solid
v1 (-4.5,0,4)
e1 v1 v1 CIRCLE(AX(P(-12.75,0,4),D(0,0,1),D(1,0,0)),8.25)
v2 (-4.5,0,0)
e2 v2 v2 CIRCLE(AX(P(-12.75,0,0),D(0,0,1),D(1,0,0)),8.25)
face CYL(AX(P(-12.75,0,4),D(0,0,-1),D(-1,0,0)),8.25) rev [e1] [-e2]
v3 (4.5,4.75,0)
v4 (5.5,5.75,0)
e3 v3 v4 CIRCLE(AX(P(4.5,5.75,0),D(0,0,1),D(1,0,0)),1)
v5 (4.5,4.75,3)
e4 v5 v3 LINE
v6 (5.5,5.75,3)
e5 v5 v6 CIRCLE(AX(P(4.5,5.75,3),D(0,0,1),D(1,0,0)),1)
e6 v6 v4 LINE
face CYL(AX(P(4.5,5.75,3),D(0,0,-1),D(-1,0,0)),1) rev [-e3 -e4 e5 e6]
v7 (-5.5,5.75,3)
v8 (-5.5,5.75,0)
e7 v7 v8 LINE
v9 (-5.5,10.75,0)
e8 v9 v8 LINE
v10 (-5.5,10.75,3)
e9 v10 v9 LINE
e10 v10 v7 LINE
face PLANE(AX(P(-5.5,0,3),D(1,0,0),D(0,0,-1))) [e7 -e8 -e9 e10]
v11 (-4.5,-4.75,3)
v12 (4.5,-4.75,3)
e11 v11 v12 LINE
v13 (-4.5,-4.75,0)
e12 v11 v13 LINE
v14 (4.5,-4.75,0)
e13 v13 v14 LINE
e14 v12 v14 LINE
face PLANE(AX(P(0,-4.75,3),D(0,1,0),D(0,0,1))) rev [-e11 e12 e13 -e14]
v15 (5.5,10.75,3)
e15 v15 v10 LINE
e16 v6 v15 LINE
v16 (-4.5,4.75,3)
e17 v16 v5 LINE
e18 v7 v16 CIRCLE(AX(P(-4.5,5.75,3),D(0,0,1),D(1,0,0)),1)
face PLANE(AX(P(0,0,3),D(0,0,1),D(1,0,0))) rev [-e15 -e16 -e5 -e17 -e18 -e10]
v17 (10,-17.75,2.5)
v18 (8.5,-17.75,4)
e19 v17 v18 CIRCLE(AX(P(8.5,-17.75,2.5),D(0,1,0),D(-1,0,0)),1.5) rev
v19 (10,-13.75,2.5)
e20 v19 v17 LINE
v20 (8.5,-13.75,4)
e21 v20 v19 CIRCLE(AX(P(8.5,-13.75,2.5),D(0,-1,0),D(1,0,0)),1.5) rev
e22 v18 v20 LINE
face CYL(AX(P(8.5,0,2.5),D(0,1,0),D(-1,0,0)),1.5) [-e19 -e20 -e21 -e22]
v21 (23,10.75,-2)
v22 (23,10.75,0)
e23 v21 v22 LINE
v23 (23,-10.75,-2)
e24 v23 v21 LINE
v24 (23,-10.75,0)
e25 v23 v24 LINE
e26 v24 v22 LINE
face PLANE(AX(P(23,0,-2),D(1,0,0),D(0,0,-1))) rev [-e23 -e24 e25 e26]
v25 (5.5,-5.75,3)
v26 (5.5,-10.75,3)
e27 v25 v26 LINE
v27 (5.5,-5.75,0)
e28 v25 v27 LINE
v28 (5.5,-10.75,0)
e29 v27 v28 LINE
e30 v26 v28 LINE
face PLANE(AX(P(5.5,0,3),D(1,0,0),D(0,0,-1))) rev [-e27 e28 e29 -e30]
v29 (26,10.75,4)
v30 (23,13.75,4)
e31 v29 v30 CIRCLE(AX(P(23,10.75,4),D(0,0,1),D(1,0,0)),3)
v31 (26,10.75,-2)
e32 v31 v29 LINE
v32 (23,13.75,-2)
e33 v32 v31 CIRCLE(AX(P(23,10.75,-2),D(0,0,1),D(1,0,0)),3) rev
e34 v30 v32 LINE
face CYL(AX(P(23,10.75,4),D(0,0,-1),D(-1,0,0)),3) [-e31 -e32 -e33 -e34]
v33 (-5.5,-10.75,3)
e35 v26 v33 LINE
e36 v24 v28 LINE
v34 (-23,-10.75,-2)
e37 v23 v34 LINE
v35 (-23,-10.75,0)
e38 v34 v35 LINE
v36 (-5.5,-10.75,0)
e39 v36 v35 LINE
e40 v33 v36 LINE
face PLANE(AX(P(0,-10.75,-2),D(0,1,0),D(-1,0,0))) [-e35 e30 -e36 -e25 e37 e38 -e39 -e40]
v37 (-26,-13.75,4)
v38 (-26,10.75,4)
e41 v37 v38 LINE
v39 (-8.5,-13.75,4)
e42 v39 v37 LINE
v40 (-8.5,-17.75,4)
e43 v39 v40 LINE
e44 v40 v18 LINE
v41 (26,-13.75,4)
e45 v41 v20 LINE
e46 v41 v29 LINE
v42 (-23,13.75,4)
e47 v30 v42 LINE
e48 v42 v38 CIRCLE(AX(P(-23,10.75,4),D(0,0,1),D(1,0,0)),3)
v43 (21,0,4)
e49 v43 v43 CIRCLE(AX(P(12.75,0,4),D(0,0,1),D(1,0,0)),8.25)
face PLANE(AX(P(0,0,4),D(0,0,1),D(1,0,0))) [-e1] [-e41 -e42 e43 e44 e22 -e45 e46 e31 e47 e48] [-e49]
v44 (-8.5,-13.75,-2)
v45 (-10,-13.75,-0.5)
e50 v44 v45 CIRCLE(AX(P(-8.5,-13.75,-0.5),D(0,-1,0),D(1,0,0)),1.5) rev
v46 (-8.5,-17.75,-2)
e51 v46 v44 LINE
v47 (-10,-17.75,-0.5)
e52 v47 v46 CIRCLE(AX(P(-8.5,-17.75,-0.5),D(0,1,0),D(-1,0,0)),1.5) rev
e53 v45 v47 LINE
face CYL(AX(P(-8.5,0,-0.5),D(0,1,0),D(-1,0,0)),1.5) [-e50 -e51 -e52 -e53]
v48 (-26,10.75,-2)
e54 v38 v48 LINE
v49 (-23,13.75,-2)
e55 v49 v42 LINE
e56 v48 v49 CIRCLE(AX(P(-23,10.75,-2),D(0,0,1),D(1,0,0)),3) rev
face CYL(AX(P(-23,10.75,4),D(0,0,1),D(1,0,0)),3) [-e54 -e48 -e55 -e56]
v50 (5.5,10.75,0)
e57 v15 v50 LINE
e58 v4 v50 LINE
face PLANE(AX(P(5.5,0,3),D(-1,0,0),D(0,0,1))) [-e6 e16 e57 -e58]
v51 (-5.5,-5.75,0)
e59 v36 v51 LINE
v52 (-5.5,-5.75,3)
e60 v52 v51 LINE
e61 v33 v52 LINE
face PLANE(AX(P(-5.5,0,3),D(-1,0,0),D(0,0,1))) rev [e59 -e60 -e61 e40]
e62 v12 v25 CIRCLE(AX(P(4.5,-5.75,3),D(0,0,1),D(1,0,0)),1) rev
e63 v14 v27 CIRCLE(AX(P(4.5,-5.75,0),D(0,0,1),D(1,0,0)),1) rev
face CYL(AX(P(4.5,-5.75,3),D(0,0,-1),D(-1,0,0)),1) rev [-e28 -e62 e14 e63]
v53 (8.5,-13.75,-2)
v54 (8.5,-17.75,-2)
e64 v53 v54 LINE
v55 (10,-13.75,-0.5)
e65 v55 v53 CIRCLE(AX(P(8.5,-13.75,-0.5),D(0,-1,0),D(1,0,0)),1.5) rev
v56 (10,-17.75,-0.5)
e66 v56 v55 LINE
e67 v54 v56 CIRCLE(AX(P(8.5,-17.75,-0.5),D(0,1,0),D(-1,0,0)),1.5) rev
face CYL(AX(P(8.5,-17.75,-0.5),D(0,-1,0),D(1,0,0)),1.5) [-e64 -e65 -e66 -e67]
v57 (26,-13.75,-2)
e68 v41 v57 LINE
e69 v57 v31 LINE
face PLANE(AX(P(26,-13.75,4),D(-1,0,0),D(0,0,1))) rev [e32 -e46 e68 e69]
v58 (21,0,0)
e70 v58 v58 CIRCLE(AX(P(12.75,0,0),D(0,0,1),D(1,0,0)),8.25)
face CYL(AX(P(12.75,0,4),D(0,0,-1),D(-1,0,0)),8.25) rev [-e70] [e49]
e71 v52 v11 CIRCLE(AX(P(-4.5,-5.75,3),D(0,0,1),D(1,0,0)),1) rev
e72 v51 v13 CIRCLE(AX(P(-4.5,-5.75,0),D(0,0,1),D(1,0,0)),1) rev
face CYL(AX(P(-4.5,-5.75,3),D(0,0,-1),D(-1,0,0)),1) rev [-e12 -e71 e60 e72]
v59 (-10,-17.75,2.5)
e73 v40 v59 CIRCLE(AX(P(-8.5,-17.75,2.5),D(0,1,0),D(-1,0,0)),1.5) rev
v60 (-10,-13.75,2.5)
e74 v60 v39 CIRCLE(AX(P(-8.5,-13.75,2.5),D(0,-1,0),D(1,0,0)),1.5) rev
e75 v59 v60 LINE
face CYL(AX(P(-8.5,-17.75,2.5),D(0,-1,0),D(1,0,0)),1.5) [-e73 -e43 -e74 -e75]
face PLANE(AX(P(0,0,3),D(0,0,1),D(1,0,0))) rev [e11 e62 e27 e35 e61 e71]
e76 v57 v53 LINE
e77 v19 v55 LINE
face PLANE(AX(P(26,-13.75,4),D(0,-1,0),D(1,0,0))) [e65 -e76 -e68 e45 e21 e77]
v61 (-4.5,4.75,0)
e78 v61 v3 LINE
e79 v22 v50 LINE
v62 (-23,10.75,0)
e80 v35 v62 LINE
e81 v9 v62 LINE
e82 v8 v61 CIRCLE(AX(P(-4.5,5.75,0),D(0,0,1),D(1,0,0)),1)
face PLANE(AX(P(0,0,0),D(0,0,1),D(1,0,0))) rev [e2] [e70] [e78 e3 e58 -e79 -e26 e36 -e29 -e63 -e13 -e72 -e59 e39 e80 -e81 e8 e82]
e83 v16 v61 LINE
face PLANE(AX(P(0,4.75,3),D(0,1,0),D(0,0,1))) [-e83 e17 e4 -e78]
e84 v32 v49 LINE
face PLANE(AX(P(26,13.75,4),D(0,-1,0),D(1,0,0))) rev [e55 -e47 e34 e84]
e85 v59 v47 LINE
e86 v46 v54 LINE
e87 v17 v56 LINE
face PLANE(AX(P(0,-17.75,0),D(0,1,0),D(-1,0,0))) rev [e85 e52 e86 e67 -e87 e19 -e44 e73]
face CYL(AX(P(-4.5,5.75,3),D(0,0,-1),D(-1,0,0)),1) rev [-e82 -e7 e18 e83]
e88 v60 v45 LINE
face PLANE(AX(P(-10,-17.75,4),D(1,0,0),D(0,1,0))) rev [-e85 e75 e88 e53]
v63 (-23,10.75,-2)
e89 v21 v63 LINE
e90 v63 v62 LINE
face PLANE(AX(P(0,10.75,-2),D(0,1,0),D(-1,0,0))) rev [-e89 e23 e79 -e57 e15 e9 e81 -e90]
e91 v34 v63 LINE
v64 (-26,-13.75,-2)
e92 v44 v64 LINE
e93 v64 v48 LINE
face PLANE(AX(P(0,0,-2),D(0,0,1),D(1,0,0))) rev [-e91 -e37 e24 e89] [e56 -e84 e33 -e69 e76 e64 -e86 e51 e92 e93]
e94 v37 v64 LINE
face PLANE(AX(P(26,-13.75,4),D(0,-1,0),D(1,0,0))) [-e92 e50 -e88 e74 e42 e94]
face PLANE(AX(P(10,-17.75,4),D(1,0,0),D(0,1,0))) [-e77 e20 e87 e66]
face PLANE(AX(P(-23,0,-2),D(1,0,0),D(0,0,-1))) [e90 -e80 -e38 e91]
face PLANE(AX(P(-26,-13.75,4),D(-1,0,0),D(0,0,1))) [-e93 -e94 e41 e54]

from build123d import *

# Parameters (mm, degrees)
SKETCH_1_W          = 52
SKETCH_1_H          = 27.5
SKETCH_1_R          = 8.25
EXTRUDE_1_DEPTH     = 4
SKETCH_1_3_W        = 52
SKETCH_1_3_H        = 27.5
EXTRUDE_2_DEPTH     = 2
CUT_EXTRUDE_1_DEPTH = 3
FILLET_1_R          = 3
SKETCH_2_W          = 20
SKETCH_2_H          = 6
EXTRUDE_3_DEPTH     = 4
FILLET_2_R          = 1.5


with BuildPart() as part:
    # Эскиз1 → Бобышка-Вытянуть1 (new body)
    with BuildSketch(Plane.XY):
        Rectangle(SKETCH_1_W, SKETCH_1_H)
        with Locations((-12.75, 0)):
            Circle(SKETCH_1_R, mode=Mode.SUBTRACT)
        with Locations((12.75, 0)):
            Circle(SKETCH_1_R, mode=Mode.SUBTRACT)
    extrude(amount=EXTRUDE_1_DEPTH)

    # Эскиз1<3> → Бобышка-Вытянуть2 (add)
    with BuildSketch(Plane.XY):
        Rectangle(SKETCH_1_3_W, SKETCH_1_3_H)
        Polygon((5.5, -10.75), (-5.5, -10.75), (-23, -10.75), (-23, 10.75), (-5.5, 10.75), (5.5, 10.75), (23, 10.75), (23, -10.75), align=None, mode=Mode.SUBTRACT)
    extrude(amount=-EXTRUDE_2_DEPTH)

    # Эскиз1<4> → Вырез-Вытянуть1 (cut)
    with BuildSketch(Plane.XY):
        with BuildLine():
            Line((-5.5, -5.75), (-5.5, -10.75))
            Line((-5.5, -10.75), (5.5, -10.75))
            Line((5.5, -10.75), (5.5, -5.75))
            ThreePointArc((5.5, -5.75), (5.207106781, -5.042893219), (4.5, -4.75))
            Line((4.5, -4.75), (-4.5, -4.75))
            ThreePointArc((-4.5, -4.75), (-5.207106781, -5.042893219), (-5.5, -5.75))
        make_face()
        with BuildLine():
            Line((5.5, 10.75), (-5.5, 10.75))
            Line((-5.5, 10.75), (-5.5, 5.75))
            ThreePointArc((-5.5, 5.75), (-5.207106781, 5.042893219), (-4.5, 4.75))
            Line((-4.5, 4.75), (4.5, 4.75))
            ThreePointArc((4.5, 4.75), (5.207106781, 5.042893219), (5.5, 5.75))
            Line((5.5, 5.75), (5.5, 10.75))
        make_face()
    extrude(amount=CUT_EXTRUDE_1_DEPTH, mode=Mode.SUBTRACT)

    # Скругление1
    fillet_1_edges = [part.edges().sort_by_distance(p)[0] for p in [
        (-26, 13.75, 1),
        (26, 13.75, 1),
    ]]
    fillet(fillet_1_edges, radius=FILLET_1_R)

    # Эскиз2 → Бобышка-Вытянуть3 (add)
    with BuildSketch(Plane.XZ.offset(13.75)):
        with Locations((0, 1)):
            Rectangle(SKETCH_2_W, SKETCH_2_H)
    extrude(amount=EXTRUDE_3_DEPTH)

    # Скругление2
    fillet_2_edges = [part.edges().sort_by_distance(p)[0] for p in [
        (-10, -15.75, -2),
        (-10, -15.75, 4),
        (10, -15.75, -2),
        (10, -15.75, 4),
    ]]
    fillet(fillet_2_edges, radius=FILLET_2_R)


solid = part.part
